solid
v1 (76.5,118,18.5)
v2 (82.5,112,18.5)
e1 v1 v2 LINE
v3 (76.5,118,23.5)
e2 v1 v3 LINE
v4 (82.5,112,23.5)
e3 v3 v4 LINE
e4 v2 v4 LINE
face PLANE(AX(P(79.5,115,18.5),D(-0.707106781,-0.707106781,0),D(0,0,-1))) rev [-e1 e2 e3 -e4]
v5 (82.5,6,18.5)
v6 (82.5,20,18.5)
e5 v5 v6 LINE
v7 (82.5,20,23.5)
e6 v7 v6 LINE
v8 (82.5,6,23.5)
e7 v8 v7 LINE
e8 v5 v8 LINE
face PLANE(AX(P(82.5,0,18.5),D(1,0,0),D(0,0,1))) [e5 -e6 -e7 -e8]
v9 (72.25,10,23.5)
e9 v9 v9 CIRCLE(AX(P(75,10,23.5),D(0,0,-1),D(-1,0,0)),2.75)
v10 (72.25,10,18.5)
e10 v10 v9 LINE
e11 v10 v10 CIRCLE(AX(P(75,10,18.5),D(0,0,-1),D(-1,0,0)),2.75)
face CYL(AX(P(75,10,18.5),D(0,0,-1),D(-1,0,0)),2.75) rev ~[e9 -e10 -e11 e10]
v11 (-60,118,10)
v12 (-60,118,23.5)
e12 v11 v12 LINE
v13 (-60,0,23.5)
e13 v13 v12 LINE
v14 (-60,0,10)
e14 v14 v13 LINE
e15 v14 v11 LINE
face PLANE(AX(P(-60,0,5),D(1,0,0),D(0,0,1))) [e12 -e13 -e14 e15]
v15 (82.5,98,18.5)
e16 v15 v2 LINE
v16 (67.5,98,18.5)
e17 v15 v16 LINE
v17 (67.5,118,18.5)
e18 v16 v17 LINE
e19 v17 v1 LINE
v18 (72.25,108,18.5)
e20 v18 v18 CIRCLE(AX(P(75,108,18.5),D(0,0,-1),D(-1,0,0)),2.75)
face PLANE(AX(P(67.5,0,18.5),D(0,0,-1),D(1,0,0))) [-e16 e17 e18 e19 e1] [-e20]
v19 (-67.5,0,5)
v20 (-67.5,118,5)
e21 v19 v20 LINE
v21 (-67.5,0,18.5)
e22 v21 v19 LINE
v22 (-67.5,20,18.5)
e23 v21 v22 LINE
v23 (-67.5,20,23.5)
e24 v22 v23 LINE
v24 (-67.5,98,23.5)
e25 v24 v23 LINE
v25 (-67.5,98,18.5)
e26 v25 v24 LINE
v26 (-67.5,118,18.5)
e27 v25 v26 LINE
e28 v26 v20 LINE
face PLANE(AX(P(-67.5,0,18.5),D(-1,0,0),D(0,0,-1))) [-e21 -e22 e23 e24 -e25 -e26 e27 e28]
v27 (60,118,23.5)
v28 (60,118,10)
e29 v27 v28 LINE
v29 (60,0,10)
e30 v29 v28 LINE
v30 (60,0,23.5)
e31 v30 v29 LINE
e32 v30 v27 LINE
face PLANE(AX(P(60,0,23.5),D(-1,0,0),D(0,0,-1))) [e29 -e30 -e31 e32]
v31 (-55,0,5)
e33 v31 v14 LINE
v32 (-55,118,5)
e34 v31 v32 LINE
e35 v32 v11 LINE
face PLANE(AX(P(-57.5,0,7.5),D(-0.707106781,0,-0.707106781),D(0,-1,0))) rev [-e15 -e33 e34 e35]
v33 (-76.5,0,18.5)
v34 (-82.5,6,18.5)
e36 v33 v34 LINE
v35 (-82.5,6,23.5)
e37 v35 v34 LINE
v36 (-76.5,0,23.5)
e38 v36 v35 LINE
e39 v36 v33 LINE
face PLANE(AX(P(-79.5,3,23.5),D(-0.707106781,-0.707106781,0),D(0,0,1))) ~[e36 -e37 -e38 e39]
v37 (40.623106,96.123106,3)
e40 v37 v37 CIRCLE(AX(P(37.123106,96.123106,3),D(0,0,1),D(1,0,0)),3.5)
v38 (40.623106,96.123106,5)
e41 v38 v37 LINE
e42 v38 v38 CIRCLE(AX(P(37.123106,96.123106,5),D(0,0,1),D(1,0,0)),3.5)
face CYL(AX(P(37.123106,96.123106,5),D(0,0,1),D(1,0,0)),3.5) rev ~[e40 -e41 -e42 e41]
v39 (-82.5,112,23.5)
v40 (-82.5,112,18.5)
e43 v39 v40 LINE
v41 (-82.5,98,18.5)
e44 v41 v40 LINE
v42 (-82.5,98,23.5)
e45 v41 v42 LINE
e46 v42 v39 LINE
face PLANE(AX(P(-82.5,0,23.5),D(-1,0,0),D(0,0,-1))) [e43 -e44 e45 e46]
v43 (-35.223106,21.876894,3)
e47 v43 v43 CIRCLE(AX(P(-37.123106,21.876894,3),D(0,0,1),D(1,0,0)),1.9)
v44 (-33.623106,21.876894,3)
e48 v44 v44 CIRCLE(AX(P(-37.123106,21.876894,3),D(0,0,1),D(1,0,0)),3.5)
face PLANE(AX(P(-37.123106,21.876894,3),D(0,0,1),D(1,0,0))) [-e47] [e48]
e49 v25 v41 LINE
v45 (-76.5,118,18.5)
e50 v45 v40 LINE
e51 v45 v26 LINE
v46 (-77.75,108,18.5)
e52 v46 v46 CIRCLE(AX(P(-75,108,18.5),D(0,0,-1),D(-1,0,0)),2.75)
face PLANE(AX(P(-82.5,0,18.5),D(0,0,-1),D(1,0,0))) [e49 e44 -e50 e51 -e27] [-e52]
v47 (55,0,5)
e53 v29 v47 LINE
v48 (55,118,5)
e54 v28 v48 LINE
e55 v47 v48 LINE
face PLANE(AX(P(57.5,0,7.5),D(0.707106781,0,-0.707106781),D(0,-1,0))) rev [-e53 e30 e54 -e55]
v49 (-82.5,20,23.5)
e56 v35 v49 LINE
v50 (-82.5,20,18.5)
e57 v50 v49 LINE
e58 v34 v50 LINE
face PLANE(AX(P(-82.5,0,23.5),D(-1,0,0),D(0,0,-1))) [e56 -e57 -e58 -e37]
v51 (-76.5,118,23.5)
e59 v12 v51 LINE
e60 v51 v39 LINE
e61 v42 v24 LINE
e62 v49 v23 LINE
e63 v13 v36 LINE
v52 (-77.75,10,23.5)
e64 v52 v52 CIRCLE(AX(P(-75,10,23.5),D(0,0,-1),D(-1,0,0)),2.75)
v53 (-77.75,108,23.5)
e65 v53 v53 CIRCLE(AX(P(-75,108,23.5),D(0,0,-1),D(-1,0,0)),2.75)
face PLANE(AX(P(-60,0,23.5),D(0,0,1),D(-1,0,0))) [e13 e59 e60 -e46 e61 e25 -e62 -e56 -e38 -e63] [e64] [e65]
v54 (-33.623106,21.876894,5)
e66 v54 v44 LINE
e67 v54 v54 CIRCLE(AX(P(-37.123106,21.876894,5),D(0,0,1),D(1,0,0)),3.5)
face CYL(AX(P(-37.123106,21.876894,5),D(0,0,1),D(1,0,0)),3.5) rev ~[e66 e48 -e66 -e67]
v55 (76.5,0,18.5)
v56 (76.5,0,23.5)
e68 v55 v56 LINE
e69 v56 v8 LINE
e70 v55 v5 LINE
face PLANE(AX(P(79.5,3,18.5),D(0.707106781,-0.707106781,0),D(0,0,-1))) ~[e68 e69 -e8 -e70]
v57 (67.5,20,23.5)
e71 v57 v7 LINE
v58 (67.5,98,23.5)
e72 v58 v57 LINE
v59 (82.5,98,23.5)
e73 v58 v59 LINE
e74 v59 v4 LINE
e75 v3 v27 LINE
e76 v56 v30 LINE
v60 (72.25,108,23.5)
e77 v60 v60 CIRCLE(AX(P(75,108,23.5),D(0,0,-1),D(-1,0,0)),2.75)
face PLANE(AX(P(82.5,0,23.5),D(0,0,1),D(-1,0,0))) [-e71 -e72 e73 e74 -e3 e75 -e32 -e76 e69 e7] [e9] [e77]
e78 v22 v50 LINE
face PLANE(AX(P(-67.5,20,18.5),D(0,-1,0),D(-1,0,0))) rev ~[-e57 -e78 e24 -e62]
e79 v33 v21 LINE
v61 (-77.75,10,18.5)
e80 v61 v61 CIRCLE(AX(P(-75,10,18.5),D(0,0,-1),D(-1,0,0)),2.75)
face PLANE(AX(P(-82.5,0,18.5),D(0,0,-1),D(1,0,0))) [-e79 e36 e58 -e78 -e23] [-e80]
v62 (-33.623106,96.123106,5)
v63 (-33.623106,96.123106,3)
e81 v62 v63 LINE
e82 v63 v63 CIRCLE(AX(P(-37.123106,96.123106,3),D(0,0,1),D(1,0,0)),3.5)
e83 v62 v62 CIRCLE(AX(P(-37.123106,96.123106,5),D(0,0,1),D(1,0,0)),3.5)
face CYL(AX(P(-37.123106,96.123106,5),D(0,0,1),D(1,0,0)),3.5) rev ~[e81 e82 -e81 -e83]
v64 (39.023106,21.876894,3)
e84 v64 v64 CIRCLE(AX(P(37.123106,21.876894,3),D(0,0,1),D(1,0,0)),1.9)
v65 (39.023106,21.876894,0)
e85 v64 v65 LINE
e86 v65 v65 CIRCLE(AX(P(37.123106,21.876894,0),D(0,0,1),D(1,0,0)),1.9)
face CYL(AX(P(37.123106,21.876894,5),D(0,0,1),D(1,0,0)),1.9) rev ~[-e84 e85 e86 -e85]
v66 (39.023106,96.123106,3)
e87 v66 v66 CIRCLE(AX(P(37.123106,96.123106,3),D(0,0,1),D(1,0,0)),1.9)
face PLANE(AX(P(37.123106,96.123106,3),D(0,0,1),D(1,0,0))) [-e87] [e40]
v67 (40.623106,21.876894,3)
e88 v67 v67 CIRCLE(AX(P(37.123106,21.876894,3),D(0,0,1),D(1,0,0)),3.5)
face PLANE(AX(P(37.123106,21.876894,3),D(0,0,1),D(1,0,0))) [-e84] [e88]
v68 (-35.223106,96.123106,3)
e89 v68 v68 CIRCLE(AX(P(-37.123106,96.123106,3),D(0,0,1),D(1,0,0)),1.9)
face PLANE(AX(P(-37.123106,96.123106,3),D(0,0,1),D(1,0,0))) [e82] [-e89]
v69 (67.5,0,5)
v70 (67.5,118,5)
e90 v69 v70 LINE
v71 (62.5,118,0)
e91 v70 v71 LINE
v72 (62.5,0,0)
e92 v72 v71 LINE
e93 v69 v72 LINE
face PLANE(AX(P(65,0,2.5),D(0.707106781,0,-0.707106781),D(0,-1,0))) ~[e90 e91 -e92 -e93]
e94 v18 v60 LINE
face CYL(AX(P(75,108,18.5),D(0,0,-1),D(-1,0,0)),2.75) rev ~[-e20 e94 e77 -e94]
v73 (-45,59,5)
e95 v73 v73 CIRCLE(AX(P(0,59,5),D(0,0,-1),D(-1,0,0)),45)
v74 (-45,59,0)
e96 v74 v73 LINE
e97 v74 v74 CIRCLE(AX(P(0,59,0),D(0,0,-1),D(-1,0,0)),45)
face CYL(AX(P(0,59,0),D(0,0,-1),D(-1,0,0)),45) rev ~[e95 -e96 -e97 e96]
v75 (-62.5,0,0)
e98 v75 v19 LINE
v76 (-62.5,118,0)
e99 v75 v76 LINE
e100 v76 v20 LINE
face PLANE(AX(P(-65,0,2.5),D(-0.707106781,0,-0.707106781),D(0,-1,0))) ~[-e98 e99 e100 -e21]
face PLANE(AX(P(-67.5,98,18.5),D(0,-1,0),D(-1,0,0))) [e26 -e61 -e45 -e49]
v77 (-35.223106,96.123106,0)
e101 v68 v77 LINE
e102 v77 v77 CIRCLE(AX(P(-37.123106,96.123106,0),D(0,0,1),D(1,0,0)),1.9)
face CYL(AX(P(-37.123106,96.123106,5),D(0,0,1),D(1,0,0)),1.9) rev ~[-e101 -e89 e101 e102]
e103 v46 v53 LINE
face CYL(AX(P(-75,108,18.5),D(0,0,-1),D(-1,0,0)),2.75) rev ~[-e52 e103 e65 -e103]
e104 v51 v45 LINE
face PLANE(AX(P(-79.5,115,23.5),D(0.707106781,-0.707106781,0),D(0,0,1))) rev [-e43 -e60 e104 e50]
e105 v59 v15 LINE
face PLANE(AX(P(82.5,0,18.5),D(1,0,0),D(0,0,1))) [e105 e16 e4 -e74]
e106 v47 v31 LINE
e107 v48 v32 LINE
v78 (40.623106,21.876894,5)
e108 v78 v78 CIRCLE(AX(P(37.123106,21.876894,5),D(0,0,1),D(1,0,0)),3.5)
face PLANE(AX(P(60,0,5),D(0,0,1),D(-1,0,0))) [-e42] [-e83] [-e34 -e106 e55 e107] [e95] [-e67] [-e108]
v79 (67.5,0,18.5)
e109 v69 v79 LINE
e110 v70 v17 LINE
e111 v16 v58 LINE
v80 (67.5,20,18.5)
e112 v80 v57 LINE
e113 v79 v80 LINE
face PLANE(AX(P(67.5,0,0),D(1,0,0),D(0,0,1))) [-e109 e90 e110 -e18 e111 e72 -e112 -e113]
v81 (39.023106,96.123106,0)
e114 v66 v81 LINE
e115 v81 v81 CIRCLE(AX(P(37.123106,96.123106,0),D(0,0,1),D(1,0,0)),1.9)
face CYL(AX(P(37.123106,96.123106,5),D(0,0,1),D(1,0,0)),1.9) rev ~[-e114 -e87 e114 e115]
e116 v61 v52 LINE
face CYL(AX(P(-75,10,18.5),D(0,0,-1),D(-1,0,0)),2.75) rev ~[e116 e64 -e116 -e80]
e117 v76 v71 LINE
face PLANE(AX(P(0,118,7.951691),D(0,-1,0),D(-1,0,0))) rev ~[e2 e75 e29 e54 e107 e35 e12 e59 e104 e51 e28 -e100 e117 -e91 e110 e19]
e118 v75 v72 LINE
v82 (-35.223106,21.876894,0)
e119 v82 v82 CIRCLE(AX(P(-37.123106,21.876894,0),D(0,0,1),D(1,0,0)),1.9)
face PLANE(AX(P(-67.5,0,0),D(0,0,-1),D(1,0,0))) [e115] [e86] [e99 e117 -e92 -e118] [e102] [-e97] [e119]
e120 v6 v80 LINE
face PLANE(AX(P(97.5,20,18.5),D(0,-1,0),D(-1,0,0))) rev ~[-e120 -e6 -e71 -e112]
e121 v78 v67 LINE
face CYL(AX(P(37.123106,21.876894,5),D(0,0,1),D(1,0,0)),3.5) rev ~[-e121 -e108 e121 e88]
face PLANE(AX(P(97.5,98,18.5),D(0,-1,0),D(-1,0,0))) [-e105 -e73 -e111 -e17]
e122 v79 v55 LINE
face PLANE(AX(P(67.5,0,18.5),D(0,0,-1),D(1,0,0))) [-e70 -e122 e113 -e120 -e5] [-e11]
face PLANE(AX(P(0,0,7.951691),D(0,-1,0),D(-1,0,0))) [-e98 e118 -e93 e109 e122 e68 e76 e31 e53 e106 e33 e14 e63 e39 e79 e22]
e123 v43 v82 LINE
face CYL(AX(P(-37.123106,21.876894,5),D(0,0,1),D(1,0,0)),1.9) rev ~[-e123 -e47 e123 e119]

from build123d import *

# Parameters (mm, degrees)
EXTRUDE_5_DEPTH     = 118
SKETCH_8_R          = 45
CUT_EXTRUDE_2_DEPTH = 130
CHAMFER_1_SIZE      = 6
SKETCH_9_W          = 30
SKETCH_9_H          = 78
CUT_EXTRUDE_3_DEPTH = 130
CHAMFER_2_SIZE      = 5
CHAMFER_3_SIZE      = 5
SKETCH_10_R         = 2.75
CUT_EXTRUDE_4_DEPTH = 146.163700697
SKETCH_14_R         = 1.9
CUT_EXTRUDE_5_DEPTH = 146.163700697
SKETCH_15_R         = 3.5
CUT_EXTRUDE_6_DEPTH = 2


with BuildPart() as part:
    # 草图7 → 凸台-拉伸5 (new body)
    with BuildSketch(Plane(origin=(0, 0, 0), x_dir=(1, 0, 0), z_dir=(0, 1, 0))):
        Polygon((-67.5, 0), (67.5, 0), (67.5, -18.5), (82.5, -18.5), (82.5, -23.5), (60, -23.5), (60, -5), (-60, -5), (-60, -23.5), (-82.5, -23.5), (-82.5, -18.5), (-67.5, -18.5), align=None)
    extrude(amount=EXTRUDE_5_DEPTH)

    # 草图8 → 切除-拉伸2 (cut)
    with BuildSketch(Plane(origin=(0, 0, 0), x_dir=(-1, 0, 0), z_dir=(0, 0, -1))):
        with Locations((0, 59)):
            Circle(SKETCH_8_R)
    extrude(amount=-CUT_EXTRUDE_2_DEPTH, mode=Mode.SUBTRACT)

    # 倒角1
    chamfer_1_edges = [part.edges().sort_by_distance(p)[0] for p in [
        (82.5, 0, 21),
        (-82.5, 0, 21),
        (-82.5, 118, 21),
        (82.5, 118, 21),
    ]]
    chamfer(chamfer_1_edges, length=CHAMFER_1_SIZE)

    # 草图9 → 切除-拉伸3 (cut)
    with BuildSketch(Plane(origin=(0, 0, 18.5), x_dir=(-1, 0, 0), z_dir=(0, 0, -1))):
        with Locations((-82.5, 59)):
            Rectangle(SKETCH_9_W, SKETCH_9_H)
        with Locations((82.5, 59)):
            Rectangle(SKETCH_9_W, SKETCH_9_H)
    extrude(amount=-CUT_EXTRUDE_3_DEPTH, mode=Mode.SUBTRACT)

    # 倒角2
    chamfer_2_edges = [part.edges().sort_by_distance(p)[0] for p in [
        (-67.5, 59, 0),
        (67.5, 59, 0),
    ]]
    chamfer(chamfer_2_edges, length=CHAMFER_2_SIZE)

    # 倒角3
    chamfer_3_edges = [part.edges().sort_by_distance(p)[0] for p in [
        (60, 59, 5),
        (-60, 59, 5),
    ]]
    chamfer(chamfer_3_edges, length=CHAMFER_3_SIZE)

    # 草图10 → 切除-拉伸4 (cut, through all)
    with BuildSketch(Plane(origin=(0, 0, 18.5), x_dir=(-1, 0, 0), z_dir=(0, 0, -1))):
        with Locations((75, 10)):
            Circle(SKETCH_10_R)
        with Locations((-75, 10)):
            Circle(SKETCH_10_R)
        with Locations((-75, 108)):
            Circle(SKETCH_10_R)
        with Locations((75, 108)):
            Circle(SKETCH_10_R)
    extrude(amount=-CUT_EXTRUDE_4_DEPTH, mode=Mode.SUBTRACT)

    # 草图14 → 切除-拉伸5 (cut, through all)
    with BuildSketch(Plane.XY.offset(5)):
        with Locations((-37.123106012, 96.123106012)):
            Circle(SKETCH_14_R)
        with Locations((-37.123106012, 21.876893988)):
            Circle(SKETCH_14_R)
        with Locations((37.123106012, 21.876893988)):
            Circle(SKETCH_14_R)
        with Locations((37.123106012, 96.123106012)):
            Circle(SKETCH_14_R)
    extrude(amount=-CUT_EXTRUDE_5_DEPTH, mode=Mode.SUBTRACT)

    # 草图15 → 切除-拉伸6 (cut)
    with BuildSketch(Plane.XY.offset(5)):
        with Locations((-37.123106012, 96.123106012)):
            Circle(SKETCH_15_R)
        with Locations((37.123106012, 96.123106012)):
            Circle(SKETCH_15_R)
        with Locations((37.123106012, 21.876893988)):
            Circle(SKETCH_15_R)
        with Locations((-37.123106012, 21.876893988)):
            Circle(SKETCH_15_R)
    extrude(amount=-CUT_EXTRUDE_6_DEPTH, mode=Mode.SUBTRACT)


solid = part.part
